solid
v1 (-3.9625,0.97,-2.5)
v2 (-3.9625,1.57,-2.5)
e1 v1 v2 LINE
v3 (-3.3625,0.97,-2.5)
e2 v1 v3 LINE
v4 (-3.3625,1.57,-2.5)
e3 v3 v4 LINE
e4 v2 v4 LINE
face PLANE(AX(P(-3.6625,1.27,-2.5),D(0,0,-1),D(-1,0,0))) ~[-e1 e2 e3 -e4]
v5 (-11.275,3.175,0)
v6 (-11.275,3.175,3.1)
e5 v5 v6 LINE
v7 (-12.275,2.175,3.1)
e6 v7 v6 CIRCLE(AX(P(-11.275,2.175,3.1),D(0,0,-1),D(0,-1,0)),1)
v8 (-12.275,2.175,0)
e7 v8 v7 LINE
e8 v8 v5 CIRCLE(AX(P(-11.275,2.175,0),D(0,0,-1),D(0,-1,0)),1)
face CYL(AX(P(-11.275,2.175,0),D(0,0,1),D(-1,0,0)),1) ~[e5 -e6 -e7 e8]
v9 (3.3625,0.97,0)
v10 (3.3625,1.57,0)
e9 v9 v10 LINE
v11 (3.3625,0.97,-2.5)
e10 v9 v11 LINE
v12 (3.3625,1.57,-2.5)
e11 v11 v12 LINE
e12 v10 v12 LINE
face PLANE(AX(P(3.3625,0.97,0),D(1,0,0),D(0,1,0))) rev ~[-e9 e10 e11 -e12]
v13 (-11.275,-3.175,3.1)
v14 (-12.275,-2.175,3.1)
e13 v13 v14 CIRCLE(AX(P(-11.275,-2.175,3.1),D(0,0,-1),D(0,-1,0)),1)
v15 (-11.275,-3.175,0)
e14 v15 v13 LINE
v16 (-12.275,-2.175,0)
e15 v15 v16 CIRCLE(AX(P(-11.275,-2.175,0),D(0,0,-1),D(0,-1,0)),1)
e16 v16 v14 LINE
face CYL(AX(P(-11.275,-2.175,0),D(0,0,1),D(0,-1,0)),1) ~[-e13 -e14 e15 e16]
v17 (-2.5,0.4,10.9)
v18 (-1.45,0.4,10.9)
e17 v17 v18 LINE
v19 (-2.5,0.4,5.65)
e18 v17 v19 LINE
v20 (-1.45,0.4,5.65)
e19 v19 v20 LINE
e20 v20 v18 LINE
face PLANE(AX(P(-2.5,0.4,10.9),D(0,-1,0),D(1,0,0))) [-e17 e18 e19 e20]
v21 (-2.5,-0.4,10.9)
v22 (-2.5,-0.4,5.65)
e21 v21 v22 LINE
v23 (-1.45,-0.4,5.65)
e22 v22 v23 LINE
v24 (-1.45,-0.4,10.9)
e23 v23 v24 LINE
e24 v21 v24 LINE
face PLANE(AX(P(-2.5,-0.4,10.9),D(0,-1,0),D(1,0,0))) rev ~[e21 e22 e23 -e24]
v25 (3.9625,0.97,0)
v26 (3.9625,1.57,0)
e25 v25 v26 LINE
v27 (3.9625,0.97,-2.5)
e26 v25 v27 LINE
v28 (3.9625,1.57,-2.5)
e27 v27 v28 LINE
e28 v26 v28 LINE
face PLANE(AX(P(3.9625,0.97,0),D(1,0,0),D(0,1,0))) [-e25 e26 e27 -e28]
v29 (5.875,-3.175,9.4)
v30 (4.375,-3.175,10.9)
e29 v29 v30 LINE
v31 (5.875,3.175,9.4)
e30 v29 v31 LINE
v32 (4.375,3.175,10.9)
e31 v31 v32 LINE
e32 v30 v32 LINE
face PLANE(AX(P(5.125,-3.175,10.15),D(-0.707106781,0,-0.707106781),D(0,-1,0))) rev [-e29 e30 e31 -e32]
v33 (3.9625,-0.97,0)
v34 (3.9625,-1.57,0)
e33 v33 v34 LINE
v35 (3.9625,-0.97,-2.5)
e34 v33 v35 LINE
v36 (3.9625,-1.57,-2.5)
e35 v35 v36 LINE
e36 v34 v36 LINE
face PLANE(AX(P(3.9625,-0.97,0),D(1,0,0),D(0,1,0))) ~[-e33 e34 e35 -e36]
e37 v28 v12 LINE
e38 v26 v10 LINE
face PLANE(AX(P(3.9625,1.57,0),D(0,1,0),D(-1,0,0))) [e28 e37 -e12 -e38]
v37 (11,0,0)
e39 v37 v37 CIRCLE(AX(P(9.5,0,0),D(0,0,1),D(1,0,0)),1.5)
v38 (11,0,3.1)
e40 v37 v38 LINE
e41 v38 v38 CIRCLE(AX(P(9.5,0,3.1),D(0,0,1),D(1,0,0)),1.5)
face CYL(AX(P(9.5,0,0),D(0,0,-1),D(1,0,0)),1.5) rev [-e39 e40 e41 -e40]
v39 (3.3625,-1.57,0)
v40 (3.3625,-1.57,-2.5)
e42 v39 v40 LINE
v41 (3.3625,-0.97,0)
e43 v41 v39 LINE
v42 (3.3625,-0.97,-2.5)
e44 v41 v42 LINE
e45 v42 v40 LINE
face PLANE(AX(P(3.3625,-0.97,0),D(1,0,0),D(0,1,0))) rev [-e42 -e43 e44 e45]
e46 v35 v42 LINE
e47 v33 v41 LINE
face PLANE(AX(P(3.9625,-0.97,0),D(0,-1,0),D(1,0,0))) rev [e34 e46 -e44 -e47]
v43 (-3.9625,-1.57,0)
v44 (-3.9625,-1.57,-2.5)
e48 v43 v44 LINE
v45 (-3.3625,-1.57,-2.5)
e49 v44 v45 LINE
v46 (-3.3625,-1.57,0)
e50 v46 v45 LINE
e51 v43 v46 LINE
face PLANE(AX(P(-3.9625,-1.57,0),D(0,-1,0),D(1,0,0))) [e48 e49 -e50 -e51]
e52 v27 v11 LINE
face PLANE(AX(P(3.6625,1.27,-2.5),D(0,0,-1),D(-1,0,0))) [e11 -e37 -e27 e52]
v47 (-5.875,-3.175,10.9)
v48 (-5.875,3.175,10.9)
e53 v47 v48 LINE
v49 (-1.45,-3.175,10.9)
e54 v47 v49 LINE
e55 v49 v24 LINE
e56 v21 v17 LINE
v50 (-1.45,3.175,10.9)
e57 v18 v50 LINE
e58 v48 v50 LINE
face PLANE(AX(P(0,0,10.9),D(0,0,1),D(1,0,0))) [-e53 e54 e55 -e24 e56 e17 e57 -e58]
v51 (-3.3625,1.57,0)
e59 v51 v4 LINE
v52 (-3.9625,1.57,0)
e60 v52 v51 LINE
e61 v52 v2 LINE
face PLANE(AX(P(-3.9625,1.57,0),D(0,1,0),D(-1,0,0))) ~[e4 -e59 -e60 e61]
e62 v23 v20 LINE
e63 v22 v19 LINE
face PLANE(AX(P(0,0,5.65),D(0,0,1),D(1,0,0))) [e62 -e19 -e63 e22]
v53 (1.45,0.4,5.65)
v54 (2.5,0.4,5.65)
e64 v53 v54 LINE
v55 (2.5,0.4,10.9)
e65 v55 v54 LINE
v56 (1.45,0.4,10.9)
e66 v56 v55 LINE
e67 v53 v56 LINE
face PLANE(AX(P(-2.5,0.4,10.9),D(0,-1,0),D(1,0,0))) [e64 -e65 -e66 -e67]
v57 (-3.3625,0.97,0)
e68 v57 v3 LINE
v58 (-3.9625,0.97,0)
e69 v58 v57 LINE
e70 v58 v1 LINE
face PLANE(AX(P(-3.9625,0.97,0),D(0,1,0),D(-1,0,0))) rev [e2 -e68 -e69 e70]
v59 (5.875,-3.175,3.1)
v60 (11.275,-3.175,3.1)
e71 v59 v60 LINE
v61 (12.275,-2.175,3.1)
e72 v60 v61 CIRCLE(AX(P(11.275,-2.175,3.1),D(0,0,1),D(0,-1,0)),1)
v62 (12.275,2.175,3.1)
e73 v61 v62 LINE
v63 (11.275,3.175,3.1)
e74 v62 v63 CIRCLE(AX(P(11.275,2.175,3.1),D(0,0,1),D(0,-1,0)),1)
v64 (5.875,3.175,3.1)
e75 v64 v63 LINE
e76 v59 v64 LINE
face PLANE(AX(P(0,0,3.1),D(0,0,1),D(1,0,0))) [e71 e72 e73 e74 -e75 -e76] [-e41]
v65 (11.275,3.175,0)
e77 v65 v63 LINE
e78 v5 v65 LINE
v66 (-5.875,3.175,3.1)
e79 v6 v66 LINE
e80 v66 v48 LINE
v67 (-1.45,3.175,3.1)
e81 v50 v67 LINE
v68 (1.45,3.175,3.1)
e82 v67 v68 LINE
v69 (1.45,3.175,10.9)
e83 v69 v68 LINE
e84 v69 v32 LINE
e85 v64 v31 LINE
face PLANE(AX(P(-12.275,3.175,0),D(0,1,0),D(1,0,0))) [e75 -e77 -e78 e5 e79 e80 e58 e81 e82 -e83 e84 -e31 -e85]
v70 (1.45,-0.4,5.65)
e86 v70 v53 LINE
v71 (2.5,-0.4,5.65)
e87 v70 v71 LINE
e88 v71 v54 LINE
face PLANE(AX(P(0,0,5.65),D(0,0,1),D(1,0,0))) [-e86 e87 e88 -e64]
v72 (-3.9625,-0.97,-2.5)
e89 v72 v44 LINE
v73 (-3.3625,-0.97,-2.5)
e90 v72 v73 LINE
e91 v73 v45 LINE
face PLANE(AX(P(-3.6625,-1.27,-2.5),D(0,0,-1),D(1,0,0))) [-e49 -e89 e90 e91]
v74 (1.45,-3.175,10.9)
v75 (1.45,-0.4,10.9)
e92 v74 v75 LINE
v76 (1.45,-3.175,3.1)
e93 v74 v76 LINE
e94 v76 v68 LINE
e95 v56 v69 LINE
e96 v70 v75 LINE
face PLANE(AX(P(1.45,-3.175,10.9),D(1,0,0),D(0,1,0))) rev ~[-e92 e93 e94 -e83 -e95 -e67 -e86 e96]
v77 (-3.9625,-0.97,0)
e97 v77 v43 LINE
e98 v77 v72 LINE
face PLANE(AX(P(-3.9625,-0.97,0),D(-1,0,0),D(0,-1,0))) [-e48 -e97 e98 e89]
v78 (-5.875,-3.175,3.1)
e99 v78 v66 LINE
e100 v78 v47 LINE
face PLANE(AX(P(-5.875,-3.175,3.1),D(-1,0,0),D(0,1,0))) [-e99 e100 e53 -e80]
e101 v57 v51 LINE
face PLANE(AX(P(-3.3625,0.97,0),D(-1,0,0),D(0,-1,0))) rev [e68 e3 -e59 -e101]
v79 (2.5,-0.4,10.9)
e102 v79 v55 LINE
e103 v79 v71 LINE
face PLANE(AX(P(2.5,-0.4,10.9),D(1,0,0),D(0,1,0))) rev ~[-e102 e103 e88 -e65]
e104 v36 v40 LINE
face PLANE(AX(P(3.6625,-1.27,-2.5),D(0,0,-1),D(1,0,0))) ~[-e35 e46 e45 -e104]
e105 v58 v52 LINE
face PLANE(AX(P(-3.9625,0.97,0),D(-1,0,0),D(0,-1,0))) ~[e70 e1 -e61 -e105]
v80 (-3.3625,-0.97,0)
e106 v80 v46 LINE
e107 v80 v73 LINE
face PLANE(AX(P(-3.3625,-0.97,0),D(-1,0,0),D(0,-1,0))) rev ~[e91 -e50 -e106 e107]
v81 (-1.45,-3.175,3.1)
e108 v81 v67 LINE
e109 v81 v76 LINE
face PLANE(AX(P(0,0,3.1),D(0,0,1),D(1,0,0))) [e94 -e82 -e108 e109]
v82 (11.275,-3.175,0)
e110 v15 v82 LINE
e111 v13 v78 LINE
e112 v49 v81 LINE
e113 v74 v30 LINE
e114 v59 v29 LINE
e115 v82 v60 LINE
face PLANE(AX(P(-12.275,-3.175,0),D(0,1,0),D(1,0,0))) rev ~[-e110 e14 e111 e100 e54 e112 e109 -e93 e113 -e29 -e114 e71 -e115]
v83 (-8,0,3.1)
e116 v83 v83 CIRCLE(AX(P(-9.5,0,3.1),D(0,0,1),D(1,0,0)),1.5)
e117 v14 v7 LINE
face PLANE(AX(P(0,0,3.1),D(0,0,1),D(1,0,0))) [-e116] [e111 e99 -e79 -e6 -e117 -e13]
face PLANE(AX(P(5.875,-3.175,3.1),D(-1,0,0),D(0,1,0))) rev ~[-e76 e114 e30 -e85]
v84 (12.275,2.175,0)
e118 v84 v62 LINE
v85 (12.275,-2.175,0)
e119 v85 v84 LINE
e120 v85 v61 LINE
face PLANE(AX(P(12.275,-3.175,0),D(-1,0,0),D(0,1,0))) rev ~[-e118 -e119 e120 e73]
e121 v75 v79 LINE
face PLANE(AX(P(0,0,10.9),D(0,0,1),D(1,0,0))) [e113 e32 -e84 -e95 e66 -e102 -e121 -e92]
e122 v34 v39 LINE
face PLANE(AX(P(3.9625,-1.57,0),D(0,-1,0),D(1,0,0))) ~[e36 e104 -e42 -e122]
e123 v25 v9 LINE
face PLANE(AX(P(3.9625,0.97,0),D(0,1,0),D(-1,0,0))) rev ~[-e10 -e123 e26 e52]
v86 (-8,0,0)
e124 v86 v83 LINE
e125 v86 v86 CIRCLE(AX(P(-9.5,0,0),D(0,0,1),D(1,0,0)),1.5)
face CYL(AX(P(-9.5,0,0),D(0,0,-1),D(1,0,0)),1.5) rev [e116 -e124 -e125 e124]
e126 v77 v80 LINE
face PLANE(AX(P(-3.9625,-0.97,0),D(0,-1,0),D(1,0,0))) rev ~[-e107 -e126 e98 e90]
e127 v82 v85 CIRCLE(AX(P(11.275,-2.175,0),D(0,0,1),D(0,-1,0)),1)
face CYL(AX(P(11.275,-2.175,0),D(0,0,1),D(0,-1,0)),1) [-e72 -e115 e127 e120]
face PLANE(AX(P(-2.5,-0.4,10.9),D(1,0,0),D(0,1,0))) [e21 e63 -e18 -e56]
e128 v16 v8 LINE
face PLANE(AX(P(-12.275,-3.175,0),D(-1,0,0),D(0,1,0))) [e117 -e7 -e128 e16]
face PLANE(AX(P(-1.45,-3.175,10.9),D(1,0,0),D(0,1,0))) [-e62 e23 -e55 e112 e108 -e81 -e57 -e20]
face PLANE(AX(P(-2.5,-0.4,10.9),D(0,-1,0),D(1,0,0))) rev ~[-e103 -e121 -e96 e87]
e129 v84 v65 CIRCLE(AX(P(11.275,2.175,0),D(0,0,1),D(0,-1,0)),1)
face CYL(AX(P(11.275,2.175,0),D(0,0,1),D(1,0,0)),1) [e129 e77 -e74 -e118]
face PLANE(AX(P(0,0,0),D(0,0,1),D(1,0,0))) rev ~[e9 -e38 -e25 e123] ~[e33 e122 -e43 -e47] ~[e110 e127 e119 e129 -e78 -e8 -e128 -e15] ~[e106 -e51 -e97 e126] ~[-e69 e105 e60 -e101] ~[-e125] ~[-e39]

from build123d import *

# Parameters (mm, degrees)
ESBO_O1_W                 = 24.55
ESBO_O1_H                 = 6.35
ESBO_O1_R                 = 1.5
RESSALTO_EXTRUS_O1_DEPTH  = 3.1
ESBO_O2_W                 = 11.75
ESBO_O2_H                 = 6.35
RESSALTO_EXTRUS_O2_DEPTH  = 7.8
ESBO_O5_W                 = 5
ESBO_O5_H                 = 0.8
CORTE_EXTRUS_O2_DEPTH     = 5.25
ESBO_O3_W                 = 2.9
ESBO_O3_H                 = 6.35
CORTE_EXTRUS_O1_DEPTH     = 7.8
CHANFRO3_SIZE             = 1.5
FILETE1_R                 = 1
ESBO_O9_W                 = 0.6
ESBO_O9_H                 = 0.6
RESSALTO_EXTRUS_O3_DEPTH  = 2.5
ESPELHAR2_COPY_1_SKETCH_W = 0.6
ESPELHAR2_COPY_1_SKETCH_H = 0.6
ESPELHAR2_COPY_1_DEPTH    = 2.5


with BuildPart() as part:
    # Esboço1 → Ressalto-extrusão1 (new body)
    with BuildSketch(Plane.XY):
        Rectangle(ESBO_O1_W, ESBO_O1_H)
        with Locations((-9.5, 0)):
            Circle(ESBO_O1_R, mode=Mode.SUBTRACT)
        with Locations((9.5, 0)):
            Circle(ESBO_O1_R, mode=Mode.SUBTRACT)
    extrude(amount=RESSALTO_EXTRUS_O1_DEPTH)

    # Esboço2 → Ressalto-extrusão2 (add)
    with BuildSketch(Plane.XY.offset(3.1)):
        Rectangle(ESBO_O2_W, ESBO_O2_H)
    extrude(amount=RESSALTO_EXTRUS_O2_DEPTH)

    # Esboço5 → Corte-extrusão2 (cut)
    with BuildSketch(Plane.XY.offset(10.9)):
        Rectangle(ESBO_O5_W, ESBO_O5_H)
    extrude(amount=-CORTE_EXTRUS_O2_DEPTH, mode=Mode.SUBTRACT)

    # Esboço3 → Corte-extrusão1 (cut)
    with BuildSketch(Plane.XY.offset(10.9)):
        Rectangle(ESBO_O3_W, ESBO_O3_H)
    extrude(amount=-CORTE_EXTRUS_O1_DEPTH, mode=Mode.SUBTRACT)

    # Chanfro3
    chanfro3_edges = [part.edges().sort_by_distance(p)[0] for p in [
        (5.875, 0, 10.9),
    ]]
    chamfer(chanfro3_edges, length=CHANFRO3_SIZE)

    # Filete1
    filete1_edges = [part.edges().sort_by_distance(p)[0] for p in [
        (12.275, -3.175, 1.55),
        (-12.275, -3.175, 1.55),
        (-12.275, 3.175, 1.55),
        (12.275, 3.175, 1.55),
    ]]
    fillet(filete1_edges, radius=FILETE1_R)

    # Esboço9 → Ressalto-extrusão3 (add)
    with BuildSketch(Plane(origin=(0, 0, 0), x_dir=(-1, 0, 0), z_dir=(0, 0, -1))):
        with Locations((-3.6625, 1.27)):
            Rectangle(ESBO_O9_W, ESBO_O9_H)
    ressalto_extrus_o3 = extrude(amount=RESSALTO_EXTRUS_O3_DEPTH)

    # Espelhar1: Ressalto-extrusão3 across plane
    add(ressalto_extrus_o3.mirror(Plane.ZX))

    # Espelhar2: Ressalto-extrusão3 across plane
    add(ressalto_extrus_o3.mirror(Plane.ZY))

    # Espelhar2 copy 1 sketch → Espelhar2 copy 1 (add)
    with BuildSketch(Plane(origin=(0, 0, 0), x_dir=(1, 0, 0), z_dir=(0, 0, -1))):
        with Locations((-3.6625, 1.27)):
            Rectangle(ESPELHAR2_COPY_1_SKETCH_W, ESPELHAR2_COPY_1_SKETCH_H)
    extrude(amount=ESPELHAR2_COPY_1_DEPTH)


solid = part.part
